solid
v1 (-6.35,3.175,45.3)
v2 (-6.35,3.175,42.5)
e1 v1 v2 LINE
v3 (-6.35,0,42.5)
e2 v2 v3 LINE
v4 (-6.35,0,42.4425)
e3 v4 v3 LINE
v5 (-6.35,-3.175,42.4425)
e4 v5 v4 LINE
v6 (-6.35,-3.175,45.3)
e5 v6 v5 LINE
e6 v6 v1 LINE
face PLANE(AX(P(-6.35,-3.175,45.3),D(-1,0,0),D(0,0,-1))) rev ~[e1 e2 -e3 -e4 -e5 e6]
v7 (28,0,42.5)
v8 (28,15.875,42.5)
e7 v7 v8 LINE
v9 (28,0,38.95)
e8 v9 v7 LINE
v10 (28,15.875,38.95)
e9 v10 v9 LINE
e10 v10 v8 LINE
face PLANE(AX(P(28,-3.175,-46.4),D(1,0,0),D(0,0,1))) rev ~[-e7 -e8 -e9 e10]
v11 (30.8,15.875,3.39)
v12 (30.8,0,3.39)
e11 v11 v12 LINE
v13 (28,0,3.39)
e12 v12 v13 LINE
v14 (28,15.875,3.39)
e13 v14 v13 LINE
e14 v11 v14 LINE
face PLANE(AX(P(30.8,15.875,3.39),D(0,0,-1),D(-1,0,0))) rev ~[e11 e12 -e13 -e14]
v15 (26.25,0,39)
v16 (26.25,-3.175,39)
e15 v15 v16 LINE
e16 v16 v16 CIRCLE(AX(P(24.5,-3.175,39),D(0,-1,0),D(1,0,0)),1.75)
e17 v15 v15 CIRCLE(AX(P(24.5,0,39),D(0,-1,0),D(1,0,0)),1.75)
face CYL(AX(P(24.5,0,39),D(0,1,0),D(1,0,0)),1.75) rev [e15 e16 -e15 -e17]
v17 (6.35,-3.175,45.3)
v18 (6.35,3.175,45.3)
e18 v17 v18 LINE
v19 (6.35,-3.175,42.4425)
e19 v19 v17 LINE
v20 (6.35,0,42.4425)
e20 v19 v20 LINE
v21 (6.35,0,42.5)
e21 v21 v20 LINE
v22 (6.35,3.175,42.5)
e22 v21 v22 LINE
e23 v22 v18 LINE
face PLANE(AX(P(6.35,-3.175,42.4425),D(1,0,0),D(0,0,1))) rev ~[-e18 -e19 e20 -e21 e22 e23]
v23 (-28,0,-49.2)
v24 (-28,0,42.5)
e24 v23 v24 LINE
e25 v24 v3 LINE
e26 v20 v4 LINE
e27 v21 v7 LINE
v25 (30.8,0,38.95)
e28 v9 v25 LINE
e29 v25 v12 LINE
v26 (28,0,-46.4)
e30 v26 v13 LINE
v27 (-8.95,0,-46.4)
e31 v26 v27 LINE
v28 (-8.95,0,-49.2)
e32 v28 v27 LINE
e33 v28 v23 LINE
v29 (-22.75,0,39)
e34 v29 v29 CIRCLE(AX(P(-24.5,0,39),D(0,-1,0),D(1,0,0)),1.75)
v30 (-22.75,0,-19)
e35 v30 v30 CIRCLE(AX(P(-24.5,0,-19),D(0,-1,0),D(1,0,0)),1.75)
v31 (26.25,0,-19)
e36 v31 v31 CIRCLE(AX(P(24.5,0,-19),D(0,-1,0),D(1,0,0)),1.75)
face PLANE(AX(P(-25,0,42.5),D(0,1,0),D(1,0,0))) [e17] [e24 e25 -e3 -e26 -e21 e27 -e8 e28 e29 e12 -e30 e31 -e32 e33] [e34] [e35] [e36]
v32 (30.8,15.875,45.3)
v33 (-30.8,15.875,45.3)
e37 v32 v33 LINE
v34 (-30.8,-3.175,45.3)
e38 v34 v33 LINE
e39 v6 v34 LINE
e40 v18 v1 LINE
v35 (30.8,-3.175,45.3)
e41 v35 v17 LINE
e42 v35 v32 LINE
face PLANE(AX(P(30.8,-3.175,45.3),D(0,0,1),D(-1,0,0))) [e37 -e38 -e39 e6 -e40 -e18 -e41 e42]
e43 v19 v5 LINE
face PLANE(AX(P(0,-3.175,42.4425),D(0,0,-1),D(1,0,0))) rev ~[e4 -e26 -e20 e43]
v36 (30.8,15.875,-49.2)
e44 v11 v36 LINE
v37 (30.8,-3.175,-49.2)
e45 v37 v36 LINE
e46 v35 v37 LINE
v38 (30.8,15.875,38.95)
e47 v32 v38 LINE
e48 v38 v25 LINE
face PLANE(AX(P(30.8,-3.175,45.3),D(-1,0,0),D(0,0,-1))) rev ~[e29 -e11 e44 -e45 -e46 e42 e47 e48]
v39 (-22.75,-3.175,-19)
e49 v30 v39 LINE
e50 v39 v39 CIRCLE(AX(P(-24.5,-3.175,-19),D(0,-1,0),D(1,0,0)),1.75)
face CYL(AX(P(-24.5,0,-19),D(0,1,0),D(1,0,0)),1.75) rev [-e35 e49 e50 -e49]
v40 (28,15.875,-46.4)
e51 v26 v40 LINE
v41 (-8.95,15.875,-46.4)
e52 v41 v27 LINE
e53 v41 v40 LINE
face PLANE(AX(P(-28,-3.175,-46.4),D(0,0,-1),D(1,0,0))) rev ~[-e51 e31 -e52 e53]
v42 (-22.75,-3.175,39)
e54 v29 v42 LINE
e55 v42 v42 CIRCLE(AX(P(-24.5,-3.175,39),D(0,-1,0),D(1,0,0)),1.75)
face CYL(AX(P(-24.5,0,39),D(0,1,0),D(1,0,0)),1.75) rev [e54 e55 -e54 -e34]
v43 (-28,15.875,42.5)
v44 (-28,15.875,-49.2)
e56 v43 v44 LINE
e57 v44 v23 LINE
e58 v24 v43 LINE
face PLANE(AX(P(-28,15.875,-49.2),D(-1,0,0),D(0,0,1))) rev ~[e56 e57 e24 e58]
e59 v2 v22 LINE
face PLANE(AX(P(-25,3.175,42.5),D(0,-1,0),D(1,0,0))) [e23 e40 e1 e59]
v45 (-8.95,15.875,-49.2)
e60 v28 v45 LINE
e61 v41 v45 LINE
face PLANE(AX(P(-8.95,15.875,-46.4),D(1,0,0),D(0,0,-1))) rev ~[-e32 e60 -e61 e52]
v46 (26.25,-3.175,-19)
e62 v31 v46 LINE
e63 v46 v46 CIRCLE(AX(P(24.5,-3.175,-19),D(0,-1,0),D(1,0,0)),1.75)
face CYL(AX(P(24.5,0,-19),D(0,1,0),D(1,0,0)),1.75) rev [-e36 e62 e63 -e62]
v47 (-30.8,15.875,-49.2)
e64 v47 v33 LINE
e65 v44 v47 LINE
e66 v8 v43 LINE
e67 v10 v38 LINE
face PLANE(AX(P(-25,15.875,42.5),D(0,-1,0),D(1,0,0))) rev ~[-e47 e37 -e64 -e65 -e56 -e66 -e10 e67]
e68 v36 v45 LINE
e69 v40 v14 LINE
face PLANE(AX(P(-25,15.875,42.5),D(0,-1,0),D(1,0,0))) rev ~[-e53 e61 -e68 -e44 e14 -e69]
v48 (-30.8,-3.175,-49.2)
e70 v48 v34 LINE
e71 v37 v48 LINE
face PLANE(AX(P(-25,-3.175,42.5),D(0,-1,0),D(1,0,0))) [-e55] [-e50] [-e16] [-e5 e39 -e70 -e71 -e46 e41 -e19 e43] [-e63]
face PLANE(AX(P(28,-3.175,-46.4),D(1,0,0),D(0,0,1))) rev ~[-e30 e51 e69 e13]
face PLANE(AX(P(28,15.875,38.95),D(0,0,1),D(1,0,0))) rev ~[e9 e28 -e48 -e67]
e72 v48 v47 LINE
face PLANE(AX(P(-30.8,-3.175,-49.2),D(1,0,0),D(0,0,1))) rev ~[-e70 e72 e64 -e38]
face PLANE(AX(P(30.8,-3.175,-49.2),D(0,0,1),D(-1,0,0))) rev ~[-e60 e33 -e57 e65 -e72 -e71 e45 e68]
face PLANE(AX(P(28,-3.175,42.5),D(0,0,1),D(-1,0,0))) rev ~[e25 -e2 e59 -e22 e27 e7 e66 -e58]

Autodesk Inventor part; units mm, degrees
ref_plane "YZ Plane" through (0, 0, 0) normal (1, 0, 0) x (0, 1, 0)
ref_plane "XZ Plane" through (0, 0, 0) normal (0, 1, 0) x (-1, 0, 0)
ref_plane "Work Plane3" through (-25, 0, 42.5) normal (0, -1, 0) x (1, 0, 0)
sketch "Sketch1" plane through (-25, 0, 42.5) normal (0, -1, 0) x (1, 0, 0)
  line L0 (28.4781, -19.558) -> (28.4781, -33.5534) projected
  arc A0 (53, -3) -> (50, 0) centre (50, -3) ccw projected
  line L1 (0, 0) -> (50, 0) projected
  arc A1 (0, 0) -> (-3, -3) centre (0, -3) ccw projected
  line L2 (-3, -82) -> (-3, -3) projected
  arc A2 (-3, -82) -> (0, -85) centre (0, -82) ccw projected
  line L3 (50, -85) -> (0, -85) projected
  arc A3 (50, -85) -> (53, -82) centre (50, -82) ccw projected
  line L4 (53, -3) -> (53, -82) projected
  circle A4 centre (49.5, -61.5) radius 1.75 projected
  circle A5 centre (0.5, -61.5) radius 1.75 projected
  circle A6 centre (0.5, -3.5) radius 1.75 projected
  circle A7 centre (49.5, -3.5) radius 1.75 projected
  line L5 (-3, 0) -> (53, 0)
  line L6 (53, 0) -> (53, -88.9)
  line L7 (53, -88.9) -> (-3, -88.9)
  line L8 (-3, -88.9) -> (-3, 0)
  point P0 (25, -42.5)
  dimension "d0" = 88.9
extrude "Extrusion1" add sketch "Sketch1" along normal blind 3.175
sketch "Sketch2" plane through (-25, -3.175, 42.5) normal (0, -1, 0) x (1, 0, 0)
  circle A0 centre (49.5, -3.5) radius 1.75 projected
  circle A1 centre (0.5, -3.5) radius 1.75 projected
  circle A2 centre (0.5, -61.5) radius 1.75 projected
  circle A3 centre (49.5, -61.5) radius 1.75 projected
  line L0 (53, 0) -> (-3, 0) projected
  line L1 (-3, 0) -> (-3, -88.9) projected
  line L2 (-3, -88.9) -> (53, -88.9) projected
  line L3 (53, -88.9) -> (53, 0) projected
  line L4 (-3, -88.9) -> (53, -88.9) projected
  line L5 (55.8, 2.8) -> (55.8, -91.7)
  line L6 (-5.8, -91.7) -> (-5.8, 2.8)
  line L7 (53, 0) -> (55.8, 2.8)
  line L8 (53, 0) -> (58.3967, 0) construction
  line L9 (55.8, 2.8) -> (-5.8, 2.8)
  line L10 (53, -88.9) -> (61.5609, -88.9) construction
  line L11 (55.8, -91.7) -> (-5.8, -91.7)
  point P0 (25, -42.5)
  dimension "d3" = 45
extrude "Extrusion2" add sketch "Sketch2" against normal blind 19.05 contours L5 L11 L6 L9
sketch "Sketch3" plane through (-25, 15.875, 42.5) normal (0, 1, 0) x (1, 0, 0)
  line L0 (-3, 0) -> (-3, 88.9) projected
  line L1 (-3, 88.9) -> (53, 88.9) projected
  line L2 (53, 88.9) -> (53, 0) projected
  line L3 (53, 0) -> (-3, 0) projected
  line L4 (-5.8, -2.8) -> (55.8, -2.8) projected
  line L5 (55.8, -2.8) -> (55.8, 91.7) projected
  line L6 (55.8, 91.7) -> (-5.8, 91.7) projected
  line L7 (-5.8, 91.7) -> (-5.8, -2.8) projected
  line L8 (53, 3.55) -> (55.8, 3.55)
  line L9 (55.8, 3.55) -> (55.8, 39.11)
  line L10 (55.8, 39.11) -> (53, 39.11)
  line L11 (53, 39.11) -> (53, 3.55)
  point P0 (25, 42.5)
  dimension "d7" = 6.35
  dimension "d8" = 35.56
extrude "Extrusion3" cut sketch "Sketch3" against normal blind 15.875 contours L2 L10 L5 L8
sketch "Sketch4" plane through (-25, -3.175, 42.5) normal (0, -1, 0) x (1, 0, 0)
  line L0 (55.8, 2.8) -> (-5.8, 2.8) projected
  line L1 (18.65, -0.0575) -> (31.35, -0.0575)
  line L2 (31.35, -0.0575) -> (31.35, 2.8)
  line L3 (31.35, 2.8) -> (18.65, 2.8)
  line L4 (18.65, 2.8) -> (18.65, -0.0575)
  line L5 (25, 21.7) -> (25, -110.6) projected
  point P0 (25, -42.5)
  dimension "d11" = 12.7
  dimension "d12" = 2.8575
extrude "Extrusion4" cut sketch "Sketch4" against normal blind 6.35
sketch "Sketch5" plane through (-25, 15.875, 42.5) normal (0, 1, 0) x (1, 0, 0)
  line L0 (-3, 88.9) -> (16.05, 88.9)
  line L1 (16.05, 88.9) -> (16.05, 91.7575)
  line L2 (16.05, 91.7575) -> (-3, 91.7575)
  line L3 (-3, 91.7575) -> (-3, 88.9)
  line L4 (55.8, 3.55) -> (53, 3.55) projected
  line L5 (53, 3.55) -> (53, 0) projected
  line L6 (53, 0) -> (-3, 0) projected
  line L7 (-3, 0) -> (-3, 88.9) projected
  line L8 (-3, 88.9) -> (53, 88.9) projected
  line L9 (53, 88.9) -> (53, 39.11) projected
  line L10 (53, 39.11) -> (55.8, 39.11) projected
  line L11 (55.8, 39.11) -> (55.8, 91.7) projected
  line L12 (55.8, 91.7) -> (-5.8, 91.7) projected
  line L13 (-5.8, 91.7) -> (-5.8, -2.8) projected
  line L14 (-5.8, -2.8) -> (55.8, -2.8) projected
  line L15 (55.8, -2.8) -> (55.8, 3.55) projected
  point P0 (25, 42.5)
  dimension "d15" = 19.05
  dimension "d16" = 2.8575
  dimension "d17" = 0
extrude "Extrusion5" cut sketch "Sketch5" against normal blind 15.875 contours L3 L12 L1 L0 | L3 L2 L1 L12
properties part number "Raspi3B+_Case"
